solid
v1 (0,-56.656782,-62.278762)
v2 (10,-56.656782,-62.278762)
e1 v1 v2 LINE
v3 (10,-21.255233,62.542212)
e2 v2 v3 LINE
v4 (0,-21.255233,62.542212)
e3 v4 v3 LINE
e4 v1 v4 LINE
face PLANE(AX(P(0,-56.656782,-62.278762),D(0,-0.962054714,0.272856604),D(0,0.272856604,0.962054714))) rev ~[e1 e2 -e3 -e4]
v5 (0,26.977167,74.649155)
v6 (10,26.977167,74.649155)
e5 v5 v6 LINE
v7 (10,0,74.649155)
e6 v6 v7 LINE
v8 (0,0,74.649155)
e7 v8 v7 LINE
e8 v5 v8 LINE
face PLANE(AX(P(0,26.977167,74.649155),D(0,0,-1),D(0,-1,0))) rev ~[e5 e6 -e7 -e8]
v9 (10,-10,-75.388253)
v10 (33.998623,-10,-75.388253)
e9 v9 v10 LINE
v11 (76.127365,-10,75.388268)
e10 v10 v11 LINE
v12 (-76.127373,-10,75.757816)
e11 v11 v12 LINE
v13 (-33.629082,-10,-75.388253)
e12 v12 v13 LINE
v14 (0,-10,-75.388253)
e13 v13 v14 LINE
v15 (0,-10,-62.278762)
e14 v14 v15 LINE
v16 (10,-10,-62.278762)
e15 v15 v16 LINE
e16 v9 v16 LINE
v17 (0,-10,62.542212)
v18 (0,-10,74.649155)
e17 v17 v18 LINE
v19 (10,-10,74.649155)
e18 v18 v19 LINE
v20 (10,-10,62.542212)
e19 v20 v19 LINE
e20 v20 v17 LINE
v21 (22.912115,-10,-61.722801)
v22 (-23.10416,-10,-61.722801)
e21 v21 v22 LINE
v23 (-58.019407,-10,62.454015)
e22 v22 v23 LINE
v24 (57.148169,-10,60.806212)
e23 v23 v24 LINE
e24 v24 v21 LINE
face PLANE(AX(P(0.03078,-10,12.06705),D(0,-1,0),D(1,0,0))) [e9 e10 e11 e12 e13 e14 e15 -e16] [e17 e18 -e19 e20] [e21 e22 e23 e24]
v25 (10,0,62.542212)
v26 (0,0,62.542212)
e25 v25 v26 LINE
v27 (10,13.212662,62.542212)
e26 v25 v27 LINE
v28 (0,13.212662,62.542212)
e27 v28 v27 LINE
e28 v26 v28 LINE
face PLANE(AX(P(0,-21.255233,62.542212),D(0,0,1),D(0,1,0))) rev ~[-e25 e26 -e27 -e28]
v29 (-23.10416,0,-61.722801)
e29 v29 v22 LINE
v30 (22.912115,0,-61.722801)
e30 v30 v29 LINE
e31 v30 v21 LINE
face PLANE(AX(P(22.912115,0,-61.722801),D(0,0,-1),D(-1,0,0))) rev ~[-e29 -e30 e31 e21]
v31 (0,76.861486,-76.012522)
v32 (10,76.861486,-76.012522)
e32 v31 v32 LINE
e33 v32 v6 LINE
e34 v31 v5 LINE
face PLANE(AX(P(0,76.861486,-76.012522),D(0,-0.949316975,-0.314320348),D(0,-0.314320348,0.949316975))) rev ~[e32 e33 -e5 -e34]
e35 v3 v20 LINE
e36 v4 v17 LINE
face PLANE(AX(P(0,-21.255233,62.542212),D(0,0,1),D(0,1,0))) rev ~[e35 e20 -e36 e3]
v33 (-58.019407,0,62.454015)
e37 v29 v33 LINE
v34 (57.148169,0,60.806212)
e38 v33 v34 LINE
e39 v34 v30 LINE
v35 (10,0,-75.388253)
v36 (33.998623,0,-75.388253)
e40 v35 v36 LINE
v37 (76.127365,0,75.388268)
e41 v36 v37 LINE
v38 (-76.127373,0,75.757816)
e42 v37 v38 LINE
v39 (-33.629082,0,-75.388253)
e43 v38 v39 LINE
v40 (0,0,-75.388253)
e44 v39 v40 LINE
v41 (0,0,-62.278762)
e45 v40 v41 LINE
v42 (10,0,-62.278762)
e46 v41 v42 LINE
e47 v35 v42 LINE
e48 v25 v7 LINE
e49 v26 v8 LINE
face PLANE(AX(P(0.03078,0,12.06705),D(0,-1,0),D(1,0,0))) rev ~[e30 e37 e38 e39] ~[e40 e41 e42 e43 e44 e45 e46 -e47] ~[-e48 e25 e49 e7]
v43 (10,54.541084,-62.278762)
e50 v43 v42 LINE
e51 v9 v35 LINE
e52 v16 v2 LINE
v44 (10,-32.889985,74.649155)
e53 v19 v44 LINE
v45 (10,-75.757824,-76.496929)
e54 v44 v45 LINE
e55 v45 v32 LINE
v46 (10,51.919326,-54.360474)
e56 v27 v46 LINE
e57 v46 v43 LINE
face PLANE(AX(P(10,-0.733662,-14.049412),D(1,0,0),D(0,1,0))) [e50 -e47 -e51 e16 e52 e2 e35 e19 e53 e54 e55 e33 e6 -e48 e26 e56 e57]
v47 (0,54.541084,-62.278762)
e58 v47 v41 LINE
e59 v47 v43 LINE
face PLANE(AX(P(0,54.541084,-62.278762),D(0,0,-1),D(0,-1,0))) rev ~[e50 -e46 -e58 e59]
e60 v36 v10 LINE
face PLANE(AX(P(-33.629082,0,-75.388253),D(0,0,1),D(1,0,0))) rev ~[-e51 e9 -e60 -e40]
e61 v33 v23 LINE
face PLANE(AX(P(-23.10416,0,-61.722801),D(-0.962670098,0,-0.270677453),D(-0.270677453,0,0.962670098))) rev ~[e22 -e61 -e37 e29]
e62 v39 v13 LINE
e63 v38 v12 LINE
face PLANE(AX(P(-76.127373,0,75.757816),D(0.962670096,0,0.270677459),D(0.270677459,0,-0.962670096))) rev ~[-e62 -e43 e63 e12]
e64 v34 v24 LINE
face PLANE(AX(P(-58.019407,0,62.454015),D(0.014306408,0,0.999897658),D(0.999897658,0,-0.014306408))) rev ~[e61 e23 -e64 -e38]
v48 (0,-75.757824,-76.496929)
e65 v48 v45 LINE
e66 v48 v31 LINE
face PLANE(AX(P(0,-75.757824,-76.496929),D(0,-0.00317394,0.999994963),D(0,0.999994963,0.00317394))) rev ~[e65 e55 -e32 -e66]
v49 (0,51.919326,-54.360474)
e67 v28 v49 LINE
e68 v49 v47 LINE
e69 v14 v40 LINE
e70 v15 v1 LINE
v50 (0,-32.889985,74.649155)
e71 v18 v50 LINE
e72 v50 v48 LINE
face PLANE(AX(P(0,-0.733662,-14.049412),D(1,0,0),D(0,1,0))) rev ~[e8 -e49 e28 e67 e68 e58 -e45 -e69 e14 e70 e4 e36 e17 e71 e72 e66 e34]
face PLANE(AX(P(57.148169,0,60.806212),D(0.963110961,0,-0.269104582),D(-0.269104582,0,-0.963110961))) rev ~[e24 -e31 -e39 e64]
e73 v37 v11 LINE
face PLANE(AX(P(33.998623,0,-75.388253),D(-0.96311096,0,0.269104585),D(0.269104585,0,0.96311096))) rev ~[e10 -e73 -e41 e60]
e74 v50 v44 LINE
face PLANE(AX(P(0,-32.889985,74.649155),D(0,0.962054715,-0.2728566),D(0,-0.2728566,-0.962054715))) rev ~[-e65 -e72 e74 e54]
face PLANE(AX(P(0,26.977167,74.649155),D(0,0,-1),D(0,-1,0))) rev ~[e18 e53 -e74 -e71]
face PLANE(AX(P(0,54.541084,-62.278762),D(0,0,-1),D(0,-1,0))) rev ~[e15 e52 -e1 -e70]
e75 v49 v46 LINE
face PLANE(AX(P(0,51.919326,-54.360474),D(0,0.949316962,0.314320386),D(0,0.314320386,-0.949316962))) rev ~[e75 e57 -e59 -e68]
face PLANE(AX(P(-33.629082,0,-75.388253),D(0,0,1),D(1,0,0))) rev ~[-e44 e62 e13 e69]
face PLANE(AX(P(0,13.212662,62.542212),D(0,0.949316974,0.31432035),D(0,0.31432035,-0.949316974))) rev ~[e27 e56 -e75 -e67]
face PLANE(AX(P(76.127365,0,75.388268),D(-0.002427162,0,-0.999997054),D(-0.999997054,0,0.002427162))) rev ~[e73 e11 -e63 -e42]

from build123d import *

# Parameters (mm, degrees)
F1_DEPTH = 10
F3_DEPTH = 10


with BuildPart() as f1:
    # F0 (on Front) → F1 (new body)
    with BuildSketch(Plane.XZ):
        Polygon((76.127365, 75.388268), (-76.127373, 75.757816), (-33.629082, -75.388253), (33.998623, -75.388253), align=None)
        Polygon((-23.10416, -61.722801), (-58.019407, 62.454015), (57.148169, 60.806212), (22.912115, -61.722801), align=None, mode=Mode.SUBTRACT)
    extrude(amount=F1_DEPTH)

    # F2 (on Right) → F3 (join)
    with BuildSketch(Plane.YZ):
        Polygon((-32.889985, 74.649155), (-75.757824, -76.496929), (76.861486, -76.012522), (26.977167, 74.649155), align=None)
        Polygon((54.541084, -62.278762), (-56.656782, -62.278762), (-21.255233, 62.542212), (13.212662, 62.542212), (51.919326, -54.360474), align=None, mode=Mode.SUBTRACT)
    extrude(amount=F3_DEPTH)


solid = f1.part
